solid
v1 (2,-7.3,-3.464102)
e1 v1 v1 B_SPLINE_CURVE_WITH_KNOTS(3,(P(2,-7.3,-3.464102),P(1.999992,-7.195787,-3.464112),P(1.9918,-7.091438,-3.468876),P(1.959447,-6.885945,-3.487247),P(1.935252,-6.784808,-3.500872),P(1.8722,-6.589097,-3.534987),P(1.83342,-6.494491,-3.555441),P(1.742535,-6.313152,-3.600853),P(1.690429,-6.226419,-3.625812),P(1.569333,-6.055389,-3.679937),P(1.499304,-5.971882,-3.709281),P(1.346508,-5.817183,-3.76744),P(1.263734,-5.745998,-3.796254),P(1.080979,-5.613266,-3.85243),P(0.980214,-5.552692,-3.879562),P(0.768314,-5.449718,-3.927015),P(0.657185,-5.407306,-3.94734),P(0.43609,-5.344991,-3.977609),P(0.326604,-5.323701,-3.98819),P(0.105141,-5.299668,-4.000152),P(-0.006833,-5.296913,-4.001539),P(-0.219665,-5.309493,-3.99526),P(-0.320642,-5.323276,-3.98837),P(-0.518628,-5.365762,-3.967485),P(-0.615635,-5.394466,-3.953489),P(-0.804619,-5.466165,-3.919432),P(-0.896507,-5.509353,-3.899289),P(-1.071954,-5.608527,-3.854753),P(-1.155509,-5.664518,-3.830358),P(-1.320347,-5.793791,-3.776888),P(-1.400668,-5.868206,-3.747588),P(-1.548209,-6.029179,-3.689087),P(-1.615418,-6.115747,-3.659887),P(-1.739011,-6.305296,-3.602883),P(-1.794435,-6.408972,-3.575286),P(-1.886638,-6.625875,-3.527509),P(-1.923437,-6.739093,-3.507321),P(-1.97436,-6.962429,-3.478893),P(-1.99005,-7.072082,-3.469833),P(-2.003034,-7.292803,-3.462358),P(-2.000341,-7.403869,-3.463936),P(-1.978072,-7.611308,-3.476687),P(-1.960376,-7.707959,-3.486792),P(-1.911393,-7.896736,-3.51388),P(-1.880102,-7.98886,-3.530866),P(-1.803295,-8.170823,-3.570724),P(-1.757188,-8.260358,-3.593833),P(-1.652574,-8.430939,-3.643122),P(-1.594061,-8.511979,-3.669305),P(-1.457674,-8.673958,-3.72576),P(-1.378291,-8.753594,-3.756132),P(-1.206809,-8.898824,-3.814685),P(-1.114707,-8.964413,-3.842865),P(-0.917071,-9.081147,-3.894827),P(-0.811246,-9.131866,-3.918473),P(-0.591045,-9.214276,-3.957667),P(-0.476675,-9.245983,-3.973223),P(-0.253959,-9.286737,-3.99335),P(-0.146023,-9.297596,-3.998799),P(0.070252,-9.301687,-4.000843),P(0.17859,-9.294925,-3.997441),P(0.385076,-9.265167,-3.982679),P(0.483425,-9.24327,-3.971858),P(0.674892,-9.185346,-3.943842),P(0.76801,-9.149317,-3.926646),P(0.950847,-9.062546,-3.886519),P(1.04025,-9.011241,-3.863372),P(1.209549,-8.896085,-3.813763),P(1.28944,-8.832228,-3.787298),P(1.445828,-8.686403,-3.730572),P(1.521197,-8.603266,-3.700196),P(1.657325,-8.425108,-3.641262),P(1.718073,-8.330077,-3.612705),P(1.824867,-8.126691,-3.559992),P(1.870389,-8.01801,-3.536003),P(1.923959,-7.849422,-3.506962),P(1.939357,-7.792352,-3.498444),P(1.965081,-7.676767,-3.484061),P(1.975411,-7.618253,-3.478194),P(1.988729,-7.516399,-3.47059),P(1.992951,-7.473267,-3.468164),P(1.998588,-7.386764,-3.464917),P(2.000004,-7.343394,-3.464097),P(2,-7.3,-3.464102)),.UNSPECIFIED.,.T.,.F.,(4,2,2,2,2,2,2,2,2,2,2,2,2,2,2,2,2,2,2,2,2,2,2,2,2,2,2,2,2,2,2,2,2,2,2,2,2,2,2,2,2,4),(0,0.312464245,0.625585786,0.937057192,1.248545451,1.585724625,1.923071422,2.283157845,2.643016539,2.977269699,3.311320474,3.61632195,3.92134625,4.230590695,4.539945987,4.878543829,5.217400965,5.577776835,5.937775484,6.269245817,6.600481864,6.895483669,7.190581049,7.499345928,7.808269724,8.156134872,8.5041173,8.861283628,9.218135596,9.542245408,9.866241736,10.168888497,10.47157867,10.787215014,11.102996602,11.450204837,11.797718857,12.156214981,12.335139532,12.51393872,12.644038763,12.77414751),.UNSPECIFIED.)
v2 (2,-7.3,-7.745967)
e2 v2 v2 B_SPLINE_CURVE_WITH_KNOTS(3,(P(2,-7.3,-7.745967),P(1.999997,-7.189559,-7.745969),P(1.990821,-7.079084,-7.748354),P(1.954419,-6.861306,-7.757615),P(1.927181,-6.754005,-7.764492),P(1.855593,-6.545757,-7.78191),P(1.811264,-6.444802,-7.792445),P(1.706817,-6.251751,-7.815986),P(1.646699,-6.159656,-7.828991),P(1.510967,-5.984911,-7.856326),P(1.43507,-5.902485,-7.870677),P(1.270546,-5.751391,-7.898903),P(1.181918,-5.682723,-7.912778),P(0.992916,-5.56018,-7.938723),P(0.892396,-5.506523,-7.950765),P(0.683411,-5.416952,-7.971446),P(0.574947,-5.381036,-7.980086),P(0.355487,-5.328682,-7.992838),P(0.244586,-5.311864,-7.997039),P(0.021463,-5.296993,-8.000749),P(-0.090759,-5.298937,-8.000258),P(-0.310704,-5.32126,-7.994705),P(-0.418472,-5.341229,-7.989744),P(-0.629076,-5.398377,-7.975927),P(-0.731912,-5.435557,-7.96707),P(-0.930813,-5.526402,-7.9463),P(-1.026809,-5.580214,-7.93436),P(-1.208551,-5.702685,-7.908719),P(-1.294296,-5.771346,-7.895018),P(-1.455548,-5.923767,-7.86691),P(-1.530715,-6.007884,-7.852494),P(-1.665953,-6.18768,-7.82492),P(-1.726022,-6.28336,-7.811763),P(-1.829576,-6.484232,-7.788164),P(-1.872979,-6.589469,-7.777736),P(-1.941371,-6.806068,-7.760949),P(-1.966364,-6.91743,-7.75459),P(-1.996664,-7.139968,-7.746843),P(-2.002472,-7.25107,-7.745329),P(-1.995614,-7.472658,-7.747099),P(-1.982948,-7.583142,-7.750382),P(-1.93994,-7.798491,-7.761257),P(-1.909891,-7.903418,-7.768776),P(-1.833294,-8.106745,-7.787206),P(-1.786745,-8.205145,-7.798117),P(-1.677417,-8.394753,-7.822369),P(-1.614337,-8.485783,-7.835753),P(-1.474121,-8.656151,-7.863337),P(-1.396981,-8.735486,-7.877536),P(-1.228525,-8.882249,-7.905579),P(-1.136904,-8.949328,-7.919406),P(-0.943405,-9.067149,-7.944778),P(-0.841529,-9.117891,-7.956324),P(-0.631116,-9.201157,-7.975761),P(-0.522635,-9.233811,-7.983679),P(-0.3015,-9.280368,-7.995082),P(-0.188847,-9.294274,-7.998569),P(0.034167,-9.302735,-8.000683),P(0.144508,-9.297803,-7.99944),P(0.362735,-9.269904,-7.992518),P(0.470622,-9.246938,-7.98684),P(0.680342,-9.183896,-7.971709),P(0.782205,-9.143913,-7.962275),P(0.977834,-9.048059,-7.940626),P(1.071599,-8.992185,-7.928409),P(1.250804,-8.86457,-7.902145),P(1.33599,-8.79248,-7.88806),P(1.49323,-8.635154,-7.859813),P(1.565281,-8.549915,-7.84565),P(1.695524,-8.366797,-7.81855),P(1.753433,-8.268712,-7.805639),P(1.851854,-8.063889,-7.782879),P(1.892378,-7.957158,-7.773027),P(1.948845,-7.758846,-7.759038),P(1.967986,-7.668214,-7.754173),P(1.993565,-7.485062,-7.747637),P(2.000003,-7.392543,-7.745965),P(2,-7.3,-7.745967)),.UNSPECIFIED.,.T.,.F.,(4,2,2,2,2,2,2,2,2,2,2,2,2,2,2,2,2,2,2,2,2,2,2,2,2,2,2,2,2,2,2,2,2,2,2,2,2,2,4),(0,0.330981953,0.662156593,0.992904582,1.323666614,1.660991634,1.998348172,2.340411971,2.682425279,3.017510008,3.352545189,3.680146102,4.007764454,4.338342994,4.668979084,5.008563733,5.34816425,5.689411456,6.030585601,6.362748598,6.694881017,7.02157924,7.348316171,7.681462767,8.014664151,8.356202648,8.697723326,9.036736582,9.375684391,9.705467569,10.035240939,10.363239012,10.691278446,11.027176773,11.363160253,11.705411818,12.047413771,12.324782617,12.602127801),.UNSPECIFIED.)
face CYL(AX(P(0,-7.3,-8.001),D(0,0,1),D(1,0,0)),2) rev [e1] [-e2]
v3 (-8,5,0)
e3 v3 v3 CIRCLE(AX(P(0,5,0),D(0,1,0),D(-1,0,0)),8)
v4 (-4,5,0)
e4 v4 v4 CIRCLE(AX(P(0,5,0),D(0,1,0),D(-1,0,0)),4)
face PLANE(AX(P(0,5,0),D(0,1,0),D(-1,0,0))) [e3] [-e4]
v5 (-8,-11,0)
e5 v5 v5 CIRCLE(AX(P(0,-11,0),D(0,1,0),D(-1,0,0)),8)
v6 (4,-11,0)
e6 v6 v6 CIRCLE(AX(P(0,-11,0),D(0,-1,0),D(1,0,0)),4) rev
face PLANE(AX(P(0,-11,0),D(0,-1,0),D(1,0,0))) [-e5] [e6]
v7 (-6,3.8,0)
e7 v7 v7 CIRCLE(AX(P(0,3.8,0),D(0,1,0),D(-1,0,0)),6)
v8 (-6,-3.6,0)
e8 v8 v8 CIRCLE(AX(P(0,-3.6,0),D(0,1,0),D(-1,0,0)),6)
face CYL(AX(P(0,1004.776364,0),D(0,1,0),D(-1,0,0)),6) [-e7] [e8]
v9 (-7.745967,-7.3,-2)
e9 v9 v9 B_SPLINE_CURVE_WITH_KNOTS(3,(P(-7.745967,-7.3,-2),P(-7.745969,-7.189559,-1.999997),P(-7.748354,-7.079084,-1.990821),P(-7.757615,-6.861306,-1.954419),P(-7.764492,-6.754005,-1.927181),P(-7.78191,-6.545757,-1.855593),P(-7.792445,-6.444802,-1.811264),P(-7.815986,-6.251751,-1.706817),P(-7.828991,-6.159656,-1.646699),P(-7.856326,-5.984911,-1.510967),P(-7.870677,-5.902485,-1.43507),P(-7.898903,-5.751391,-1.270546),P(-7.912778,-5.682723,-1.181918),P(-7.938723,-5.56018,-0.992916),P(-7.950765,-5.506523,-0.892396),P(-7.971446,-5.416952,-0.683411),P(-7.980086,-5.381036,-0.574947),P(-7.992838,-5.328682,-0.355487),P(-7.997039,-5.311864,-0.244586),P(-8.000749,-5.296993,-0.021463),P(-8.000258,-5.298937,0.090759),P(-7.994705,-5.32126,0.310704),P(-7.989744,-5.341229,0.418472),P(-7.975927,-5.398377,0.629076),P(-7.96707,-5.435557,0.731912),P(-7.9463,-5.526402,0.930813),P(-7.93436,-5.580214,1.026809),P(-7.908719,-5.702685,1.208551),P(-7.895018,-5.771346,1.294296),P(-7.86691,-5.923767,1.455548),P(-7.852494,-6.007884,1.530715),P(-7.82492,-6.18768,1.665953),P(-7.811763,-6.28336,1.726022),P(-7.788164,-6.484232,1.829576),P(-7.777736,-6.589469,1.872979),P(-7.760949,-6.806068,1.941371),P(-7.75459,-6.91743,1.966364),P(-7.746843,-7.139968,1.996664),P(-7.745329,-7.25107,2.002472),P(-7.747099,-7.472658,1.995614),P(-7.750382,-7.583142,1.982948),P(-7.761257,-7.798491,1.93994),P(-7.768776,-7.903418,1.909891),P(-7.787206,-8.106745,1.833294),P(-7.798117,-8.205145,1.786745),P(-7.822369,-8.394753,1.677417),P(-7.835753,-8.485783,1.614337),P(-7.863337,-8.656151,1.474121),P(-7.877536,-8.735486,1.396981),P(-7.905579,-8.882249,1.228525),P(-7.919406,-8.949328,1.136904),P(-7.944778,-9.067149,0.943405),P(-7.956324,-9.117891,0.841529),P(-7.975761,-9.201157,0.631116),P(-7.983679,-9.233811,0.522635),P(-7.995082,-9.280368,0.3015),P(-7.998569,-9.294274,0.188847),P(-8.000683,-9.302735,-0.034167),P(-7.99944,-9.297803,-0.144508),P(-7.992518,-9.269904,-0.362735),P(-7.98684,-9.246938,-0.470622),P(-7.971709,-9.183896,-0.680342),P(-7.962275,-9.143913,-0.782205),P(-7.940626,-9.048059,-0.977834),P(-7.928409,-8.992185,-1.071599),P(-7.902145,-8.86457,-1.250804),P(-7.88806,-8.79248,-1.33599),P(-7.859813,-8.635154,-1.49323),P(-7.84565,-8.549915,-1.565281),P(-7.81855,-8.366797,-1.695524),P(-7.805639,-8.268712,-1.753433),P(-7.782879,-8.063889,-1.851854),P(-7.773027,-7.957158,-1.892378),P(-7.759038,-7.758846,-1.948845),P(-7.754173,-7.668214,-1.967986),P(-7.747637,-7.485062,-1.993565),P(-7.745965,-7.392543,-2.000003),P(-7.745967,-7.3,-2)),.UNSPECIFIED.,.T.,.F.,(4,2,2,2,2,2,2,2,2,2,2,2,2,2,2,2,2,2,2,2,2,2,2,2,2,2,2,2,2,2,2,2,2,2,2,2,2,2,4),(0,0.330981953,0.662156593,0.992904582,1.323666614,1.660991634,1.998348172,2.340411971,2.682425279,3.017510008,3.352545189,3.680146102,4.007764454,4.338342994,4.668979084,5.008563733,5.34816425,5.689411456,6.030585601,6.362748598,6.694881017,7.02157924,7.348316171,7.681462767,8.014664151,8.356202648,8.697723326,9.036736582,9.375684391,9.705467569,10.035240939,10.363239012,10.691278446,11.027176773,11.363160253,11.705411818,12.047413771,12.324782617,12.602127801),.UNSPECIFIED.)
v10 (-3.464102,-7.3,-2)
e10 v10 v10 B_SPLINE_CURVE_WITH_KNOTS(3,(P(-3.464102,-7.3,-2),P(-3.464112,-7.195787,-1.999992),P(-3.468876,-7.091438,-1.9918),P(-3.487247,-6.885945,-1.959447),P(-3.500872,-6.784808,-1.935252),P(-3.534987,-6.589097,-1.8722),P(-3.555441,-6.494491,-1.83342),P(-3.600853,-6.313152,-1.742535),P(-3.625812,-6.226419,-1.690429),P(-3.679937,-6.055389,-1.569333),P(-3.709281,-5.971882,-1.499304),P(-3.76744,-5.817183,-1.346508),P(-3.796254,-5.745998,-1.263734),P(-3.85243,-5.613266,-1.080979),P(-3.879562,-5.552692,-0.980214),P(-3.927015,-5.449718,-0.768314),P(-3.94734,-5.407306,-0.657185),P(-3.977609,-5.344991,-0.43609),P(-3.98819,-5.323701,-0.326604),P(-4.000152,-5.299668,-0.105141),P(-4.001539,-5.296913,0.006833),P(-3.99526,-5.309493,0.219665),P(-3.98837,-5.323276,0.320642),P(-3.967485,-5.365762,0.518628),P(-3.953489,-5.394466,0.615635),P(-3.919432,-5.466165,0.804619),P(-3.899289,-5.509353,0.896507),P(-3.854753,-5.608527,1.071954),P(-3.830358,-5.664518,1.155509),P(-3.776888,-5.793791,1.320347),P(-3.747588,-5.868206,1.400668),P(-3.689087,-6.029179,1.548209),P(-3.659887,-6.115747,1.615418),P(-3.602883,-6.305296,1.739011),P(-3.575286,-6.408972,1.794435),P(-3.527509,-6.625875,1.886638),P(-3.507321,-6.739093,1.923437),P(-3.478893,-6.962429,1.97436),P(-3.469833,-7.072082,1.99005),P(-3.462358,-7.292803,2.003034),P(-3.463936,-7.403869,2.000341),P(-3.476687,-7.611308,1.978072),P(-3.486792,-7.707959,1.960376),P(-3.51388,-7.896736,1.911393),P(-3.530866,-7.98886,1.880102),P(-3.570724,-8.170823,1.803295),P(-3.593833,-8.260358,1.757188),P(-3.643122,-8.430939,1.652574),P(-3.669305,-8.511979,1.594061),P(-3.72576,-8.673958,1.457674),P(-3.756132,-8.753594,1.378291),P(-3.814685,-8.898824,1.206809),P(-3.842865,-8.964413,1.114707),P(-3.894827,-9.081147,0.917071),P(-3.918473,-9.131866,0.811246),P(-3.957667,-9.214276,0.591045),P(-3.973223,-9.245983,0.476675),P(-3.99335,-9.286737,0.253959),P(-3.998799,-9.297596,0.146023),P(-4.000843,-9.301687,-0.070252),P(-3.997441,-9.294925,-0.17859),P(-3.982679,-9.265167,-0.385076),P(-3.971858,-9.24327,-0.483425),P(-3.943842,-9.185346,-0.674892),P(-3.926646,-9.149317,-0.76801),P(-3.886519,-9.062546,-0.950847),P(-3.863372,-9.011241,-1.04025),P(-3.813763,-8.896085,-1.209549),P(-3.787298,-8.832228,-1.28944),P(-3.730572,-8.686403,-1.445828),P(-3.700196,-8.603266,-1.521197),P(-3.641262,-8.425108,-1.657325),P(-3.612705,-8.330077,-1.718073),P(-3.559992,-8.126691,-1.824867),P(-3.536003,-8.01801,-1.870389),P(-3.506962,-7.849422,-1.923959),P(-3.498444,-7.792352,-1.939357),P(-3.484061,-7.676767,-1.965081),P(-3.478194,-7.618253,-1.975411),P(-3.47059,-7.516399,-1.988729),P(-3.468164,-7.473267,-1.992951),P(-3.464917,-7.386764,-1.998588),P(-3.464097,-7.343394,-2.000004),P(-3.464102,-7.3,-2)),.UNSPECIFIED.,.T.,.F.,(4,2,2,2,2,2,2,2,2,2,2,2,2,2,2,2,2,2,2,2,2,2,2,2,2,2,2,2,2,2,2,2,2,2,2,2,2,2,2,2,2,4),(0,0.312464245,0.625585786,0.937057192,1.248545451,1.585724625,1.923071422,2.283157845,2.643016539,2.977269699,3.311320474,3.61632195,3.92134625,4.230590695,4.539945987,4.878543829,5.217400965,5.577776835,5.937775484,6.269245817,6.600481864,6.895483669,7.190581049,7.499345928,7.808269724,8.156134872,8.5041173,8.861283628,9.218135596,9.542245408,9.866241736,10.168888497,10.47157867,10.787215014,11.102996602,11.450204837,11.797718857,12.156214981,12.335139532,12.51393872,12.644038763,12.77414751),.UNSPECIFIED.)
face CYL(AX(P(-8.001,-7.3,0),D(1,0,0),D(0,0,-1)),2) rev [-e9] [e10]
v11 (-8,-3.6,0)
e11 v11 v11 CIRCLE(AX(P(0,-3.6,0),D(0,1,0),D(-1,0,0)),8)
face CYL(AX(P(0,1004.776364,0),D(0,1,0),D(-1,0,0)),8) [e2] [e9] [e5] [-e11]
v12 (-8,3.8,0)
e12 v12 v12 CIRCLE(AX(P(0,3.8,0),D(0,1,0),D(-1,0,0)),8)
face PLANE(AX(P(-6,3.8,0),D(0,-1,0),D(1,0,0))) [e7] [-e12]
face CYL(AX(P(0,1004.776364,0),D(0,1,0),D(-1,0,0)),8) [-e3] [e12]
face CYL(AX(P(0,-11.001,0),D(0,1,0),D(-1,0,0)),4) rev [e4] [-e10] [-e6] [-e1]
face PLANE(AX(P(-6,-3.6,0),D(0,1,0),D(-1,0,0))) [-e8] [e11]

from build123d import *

# Parameters (mm, degrees)
CUT_EXTRUDE1_REACH      = 21.596
SKETCH2_R               = 4
CUT_EXTRUDE2_REACH      = 17.78
CUT_EXTRUDE2_END_RADIUS = 8
SKETCH3_R               = 2
CIRPATTERN1_COUNT       = 2
CIRPATTERN1_ANGLE       = 90


with BuildPart() as part:
    # Sketch1 → Revolve1 (revolve)
    with BuildSketch(Plane.XY):
        Polygon((0, 5), (-8, 5), (-8, 3.8), (-6, 3.8), (-6, -3.6), (-8, -3.6), (-8, -11), (0, -11), align=None)
    revolve(axis=Axis((0, 1004.776363636, 0), (0, -1, 0)))

    # Sketch2 → Cut-Extrude1 (cut, up to next)
    with BuildSketch(Plane(origin=(0, 5, 0), x_dir=(1, 0, 0), z_dir=(0, 1, 0)), mode=Mode.PRIVATE) as cut_extrude1_sk1:
        with Locations(Location((0, 0, 0), (0, 0, 180))):
            Circle(SKETCH2_R)
    cut_extrude1_tool1 = extrude(cut_extrude1_sk1.sketch, amount=-CUT_EXTRUDE1_REACH, mode=Mode.PRIVATE) & part.part
    add(cut_extrude1_tool1.solids().sort_by_distance((0, 5, 0))[0], mode=Mode.SUBTRACT)

    # Cut-Extrude2: up to this cylinder (the profile starts inside it)
    cut_extrude2_end = Plane(origin=(0, -7.3, 0), z_dir=(0, 1, 0)) * Cylinder(CUT_EXTRUDE2_END_RADIUS, 52.56, mode=Mode.PRIVATE)
    # Sketch3 → Cut-Extrude2 (cut, up to the surface)
    with BuildSketch(Plane.XY, mode=Mode.PRIVATE) as cut_extrude2_sk1:
        with Locations((0, -7.3)):
            Circle(SKETCH3_R)
    cut_extrude2_tool1 = extrude(cut_extrude2_sk1.sketch, amount=-CUT_EXTRUDE2_REACH, mode=Mode.PRIVATE) & cut_extrude2_end
    cut_extrude2 = cut_extrude2_tool1.solids().sort_by_distance((0, -7.3, 0))[0]
    add(cut_extrude2, mode=Mode.SUBTRACT)

    # CirPattern1: Cut-Extrude2 ×2 about axis
    cirpattern1_axis = Axis((0, -11, 0), (0, 1, 0))
    for i in range(1, CIRPATTERN1_COUNT):
        add(cut_extrude2.rotate(cirpattern1_axis, i * CIRPATTERN1_ANGLE / (CIRPATTERN1_COUNT - 1)), mode=Mode.SUBTRACT)


solid = part.part
